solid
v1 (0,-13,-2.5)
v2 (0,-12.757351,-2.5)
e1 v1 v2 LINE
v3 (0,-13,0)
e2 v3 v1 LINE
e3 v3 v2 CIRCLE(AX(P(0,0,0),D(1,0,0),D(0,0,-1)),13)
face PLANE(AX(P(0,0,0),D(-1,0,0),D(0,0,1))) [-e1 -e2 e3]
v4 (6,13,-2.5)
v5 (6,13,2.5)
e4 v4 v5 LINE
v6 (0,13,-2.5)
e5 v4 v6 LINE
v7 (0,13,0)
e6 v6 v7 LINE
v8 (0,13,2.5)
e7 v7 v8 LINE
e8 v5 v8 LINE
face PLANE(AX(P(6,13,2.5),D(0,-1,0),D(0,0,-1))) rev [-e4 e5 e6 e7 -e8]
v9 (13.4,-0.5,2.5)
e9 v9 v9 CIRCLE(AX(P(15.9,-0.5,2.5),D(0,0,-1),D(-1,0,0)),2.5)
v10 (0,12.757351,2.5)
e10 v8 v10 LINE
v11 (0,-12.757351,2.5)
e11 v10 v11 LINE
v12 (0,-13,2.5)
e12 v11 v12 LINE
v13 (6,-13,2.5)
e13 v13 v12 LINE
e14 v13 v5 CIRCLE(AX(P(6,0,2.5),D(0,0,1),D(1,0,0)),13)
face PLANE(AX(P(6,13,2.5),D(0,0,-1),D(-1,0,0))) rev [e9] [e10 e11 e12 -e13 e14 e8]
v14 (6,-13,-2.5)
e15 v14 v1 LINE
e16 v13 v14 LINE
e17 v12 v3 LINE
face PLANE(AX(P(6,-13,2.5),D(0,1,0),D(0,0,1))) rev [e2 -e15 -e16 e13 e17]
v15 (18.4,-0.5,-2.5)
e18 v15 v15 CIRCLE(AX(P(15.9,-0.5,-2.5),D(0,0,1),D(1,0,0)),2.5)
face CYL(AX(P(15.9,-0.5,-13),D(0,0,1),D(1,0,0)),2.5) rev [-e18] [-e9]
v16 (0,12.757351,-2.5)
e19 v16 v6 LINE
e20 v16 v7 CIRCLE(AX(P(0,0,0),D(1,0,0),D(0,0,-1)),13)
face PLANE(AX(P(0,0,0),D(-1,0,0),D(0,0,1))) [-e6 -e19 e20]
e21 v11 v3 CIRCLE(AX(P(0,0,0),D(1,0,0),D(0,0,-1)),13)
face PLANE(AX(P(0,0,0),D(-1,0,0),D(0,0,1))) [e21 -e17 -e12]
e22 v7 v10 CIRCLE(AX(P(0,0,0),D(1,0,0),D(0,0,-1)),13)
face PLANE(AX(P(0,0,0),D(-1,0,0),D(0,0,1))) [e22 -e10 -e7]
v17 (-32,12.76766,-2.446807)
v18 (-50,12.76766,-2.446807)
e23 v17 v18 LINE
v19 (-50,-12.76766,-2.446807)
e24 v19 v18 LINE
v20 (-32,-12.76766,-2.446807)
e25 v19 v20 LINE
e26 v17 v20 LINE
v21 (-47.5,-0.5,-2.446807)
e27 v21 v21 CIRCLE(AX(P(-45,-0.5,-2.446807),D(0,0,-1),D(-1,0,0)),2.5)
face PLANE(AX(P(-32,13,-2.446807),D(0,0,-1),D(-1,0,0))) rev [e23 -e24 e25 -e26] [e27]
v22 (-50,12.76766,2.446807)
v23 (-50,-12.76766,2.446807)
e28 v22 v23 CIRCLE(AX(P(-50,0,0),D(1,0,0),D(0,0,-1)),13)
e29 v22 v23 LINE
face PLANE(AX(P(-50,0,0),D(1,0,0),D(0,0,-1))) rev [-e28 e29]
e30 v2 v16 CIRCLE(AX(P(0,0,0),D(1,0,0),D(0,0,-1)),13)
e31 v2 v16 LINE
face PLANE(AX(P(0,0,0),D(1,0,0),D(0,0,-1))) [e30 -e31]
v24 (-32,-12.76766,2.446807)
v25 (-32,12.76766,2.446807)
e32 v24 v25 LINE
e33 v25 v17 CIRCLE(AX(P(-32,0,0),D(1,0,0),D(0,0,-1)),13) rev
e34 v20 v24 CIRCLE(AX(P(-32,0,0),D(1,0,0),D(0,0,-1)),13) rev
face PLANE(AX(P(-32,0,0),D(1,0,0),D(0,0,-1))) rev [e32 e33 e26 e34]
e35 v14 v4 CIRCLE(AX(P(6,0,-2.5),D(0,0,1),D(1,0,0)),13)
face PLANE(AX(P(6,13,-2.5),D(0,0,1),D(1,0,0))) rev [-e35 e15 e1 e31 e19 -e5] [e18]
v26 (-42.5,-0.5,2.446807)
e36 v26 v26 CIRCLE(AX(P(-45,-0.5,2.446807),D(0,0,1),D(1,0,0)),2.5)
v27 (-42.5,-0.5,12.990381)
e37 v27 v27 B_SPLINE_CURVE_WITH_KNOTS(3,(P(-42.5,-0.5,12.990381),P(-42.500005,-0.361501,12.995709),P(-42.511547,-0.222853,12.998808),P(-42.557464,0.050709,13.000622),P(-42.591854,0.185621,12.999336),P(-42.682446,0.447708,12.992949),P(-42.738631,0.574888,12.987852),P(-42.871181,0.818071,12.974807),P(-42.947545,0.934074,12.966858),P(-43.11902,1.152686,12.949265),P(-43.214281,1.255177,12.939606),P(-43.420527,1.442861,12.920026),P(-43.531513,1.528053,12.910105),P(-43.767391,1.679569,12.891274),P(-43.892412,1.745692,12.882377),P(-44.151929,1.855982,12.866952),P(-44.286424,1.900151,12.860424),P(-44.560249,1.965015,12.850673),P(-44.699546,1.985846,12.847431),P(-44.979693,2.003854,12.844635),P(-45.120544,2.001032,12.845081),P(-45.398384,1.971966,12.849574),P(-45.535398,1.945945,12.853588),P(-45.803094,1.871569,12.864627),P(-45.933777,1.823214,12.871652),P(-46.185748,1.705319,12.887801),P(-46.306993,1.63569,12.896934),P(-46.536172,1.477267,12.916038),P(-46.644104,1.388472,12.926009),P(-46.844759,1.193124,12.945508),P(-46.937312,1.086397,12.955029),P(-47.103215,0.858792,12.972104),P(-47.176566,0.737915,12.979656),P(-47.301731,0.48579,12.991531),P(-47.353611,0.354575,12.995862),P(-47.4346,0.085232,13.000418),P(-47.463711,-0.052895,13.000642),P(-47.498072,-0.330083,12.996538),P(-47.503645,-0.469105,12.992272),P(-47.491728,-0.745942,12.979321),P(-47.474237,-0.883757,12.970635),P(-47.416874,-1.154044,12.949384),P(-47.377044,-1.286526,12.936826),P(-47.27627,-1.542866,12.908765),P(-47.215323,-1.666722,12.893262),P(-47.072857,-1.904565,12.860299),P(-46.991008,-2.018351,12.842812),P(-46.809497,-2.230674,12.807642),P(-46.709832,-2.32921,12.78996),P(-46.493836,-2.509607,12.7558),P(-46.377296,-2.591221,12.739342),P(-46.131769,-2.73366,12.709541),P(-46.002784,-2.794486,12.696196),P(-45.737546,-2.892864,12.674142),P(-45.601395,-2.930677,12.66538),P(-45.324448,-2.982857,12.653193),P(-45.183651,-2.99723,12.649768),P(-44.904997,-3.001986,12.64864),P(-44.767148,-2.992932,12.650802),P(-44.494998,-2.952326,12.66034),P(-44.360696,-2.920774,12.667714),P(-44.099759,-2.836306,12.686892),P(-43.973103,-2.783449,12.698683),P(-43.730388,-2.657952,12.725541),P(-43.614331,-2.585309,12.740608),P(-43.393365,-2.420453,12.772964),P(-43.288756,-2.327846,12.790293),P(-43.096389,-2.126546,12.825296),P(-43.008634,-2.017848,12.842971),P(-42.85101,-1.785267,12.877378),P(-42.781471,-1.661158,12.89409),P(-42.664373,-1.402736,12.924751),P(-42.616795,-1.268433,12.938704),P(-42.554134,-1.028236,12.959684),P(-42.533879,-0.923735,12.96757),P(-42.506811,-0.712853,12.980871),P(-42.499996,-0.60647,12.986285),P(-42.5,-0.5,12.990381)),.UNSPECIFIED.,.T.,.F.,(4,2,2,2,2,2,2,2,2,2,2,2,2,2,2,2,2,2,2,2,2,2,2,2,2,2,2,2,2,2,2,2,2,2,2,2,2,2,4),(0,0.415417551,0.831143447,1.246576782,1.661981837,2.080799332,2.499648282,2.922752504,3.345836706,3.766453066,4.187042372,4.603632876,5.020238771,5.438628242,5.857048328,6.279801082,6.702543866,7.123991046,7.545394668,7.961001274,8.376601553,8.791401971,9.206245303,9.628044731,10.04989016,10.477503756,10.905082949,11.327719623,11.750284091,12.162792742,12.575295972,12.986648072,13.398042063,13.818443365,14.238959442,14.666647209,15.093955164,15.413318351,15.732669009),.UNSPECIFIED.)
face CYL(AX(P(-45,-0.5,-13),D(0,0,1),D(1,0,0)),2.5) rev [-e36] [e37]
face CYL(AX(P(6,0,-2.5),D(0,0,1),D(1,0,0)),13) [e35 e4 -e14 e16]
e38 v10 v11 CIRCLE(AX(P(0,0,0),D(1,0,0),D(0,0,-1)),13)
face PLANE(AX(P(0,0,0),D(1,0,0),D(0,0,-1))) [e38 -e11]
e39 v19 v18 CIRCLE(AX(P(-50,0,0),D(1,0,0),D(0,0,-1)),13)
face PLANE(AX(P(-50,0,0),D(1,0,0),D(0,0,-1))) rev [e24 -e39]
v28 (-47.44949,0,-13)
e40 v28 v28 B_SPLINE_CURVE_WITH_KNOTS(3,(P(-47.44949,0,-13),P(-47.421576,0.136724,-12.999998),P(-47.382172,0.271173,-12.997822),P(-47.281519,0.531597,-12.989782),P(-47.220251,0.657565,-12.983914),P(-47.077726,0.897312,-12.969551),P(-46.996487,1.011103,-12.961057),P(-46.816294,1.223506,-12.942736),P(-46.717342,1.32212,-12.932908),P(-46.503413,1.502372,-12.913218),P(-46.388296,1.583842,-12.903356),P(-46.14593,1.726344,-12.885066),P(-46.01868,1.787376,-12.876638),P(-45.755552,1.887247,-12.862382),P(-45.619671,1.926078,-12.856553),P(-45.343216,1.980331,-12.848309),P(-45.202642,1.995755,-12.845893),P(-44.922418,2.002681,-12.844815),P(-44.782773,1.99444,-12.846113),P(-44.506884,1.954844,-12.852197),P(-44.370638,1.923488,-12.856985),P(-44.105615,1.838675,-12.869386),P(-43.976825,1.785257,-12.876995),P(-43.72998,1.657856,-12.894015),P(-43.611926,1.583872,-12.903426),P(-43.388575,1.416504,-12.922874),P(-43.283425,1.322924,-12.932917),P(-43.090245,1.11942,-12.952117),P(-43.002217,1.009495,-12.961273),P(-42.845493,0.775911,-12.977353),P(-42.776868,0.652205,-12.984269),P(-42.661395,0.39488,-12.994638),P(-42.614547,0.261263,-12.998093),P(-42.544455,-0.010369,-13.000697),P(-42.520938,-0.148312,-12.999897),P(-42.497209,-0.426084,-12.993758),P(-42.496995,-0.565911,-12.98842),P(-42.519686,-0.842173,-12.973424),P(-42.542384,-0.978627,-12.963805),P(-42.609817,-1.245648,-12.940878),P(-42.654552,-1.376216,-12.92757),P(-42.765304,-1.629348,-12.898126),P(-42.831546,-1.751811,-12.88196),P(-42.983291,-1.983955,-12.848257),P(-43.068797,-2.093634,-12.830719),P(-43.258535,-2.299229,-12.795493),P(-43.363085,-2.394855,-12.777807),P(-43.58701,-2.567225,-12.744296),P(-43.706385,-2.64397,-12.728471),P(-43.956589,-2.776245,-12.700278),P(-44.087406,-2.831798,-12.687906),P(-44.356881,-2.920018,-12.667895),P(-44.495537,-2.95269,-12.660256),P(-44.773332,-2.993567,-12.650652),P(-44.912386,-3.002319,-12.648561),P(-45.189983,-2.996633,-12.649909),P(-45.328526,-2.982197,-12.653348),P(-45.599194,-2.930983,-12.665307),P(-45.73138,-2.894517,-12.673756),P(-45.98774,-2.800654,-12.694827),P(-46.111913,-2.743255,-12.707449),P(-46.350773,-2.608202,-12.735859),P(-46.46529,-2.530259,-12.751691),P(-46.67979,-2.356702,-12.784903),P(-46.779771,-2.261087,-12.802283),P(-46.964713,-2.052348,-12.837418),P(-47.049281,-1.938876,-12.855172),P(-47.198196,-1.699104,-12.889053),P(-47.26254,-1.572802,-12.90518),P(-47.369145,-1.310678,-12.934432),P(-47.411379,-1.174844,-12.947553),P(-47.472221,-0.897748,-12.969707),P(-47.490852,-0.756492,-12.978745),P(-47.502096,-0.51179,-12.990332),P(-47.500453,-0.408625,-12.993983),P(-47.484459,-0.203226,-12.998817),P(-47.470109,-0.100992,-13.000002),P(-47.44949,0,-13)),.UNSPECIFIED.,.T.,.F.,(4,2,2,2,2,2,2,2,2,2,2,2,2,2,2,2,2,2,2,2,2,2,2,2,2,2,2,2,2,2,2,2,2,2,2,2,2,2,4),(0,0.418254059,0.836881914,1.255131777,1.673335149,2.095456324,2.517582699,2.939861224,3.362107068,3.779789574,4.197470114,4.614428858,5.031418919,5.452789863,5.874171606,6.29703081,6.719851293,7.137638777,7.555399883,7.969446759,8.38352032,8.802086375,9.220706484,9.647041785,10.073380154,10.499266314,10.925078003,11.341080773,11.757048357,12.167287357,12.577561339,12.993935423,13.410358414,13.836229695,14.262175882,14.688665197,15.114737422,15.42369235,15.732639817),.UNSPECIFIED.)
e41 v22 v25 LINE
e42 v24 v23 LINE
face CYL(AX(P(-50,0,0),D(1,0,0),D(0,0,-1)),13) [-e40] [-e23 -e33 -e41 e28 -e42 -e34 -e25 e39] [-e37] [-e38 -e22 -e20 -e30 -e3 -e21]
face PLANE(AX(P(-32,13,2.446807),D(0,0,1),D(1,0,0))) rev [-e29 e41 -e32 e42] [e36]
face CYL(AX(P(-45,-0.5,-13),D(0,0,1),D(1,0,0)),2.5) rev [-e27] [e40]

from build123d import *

# Parameters (mm, degrees)
SKETCH1_R               = 13
BOSS_EXTRUDE1_DEPTH     = 50
SKETCH6_W               = 5
SKETCH6_H               = 26
BOSS_EXTRUDE3_DEPTH     = 6
BOSS_EXTRUDE4_DEPTH     = 5
CUT_EXTRUDE1_DEPTH      = 54.937463789
CUT_EXTRUDE1_DEPTH_BACK = 54.937463789
SKETCH10_R              = 2.5
SKETCH12_W              = 4.8936145
SKETCH12_H              = 26
CUT_EXTRUDE2_DEPTH      = 18
CUT_EXTRUDE3_DEPTH      = 54.272882407
CUT_EXTRUDE3_DEPTH_BACK = 54.272882407
SKETCH13_R              = 2.5


with BuildPart() as part:
    # Sketch1 → Boss-Extrude1 (new body)
    with BuildSketch(Plane(origin=(0, 0, 0), x_dir=(0, 0, -1), z_dir=(1, 0, 0))):
        Circle(SKETCH1_R)
    extrude(amount=-BOSS_EXTRUDE1_DEPTH)

    # Sketch6 → Boss-Extrude3 (add)
    with BuildSketch(Plane(origin=(0, 0, 0), x_dir=(0, 0, -1), z_dir=(1, 0, 0))):
        Rectangle(SKETCH6_W, SKETCH6_H)
    extrude(amount=BOSS_EXTRUDE3_DEPTH)

    # Sketch8 → Boss-Extrude4 (add)
    with BuildSketch(Plane.XY.offset(2.5)):
        with BuildLine():
            Line((6, 13), (6, -13))
            ThreePointArc((6, -13), (19, 0), (6, 13))
        make_face()
    extrude(amount=-BOSS_EXTRUDE4_DEPTH)

    # Sketch10 → Cut-Extrude1 (cut, two sides: drawn at the far end of the back side and taken through both)
    with BuildSketch(Plane.XY.offset(2.5).offset(-CUT_EXTRUDE1_DEPTH_BACK)):
        with Locations((15.9, -0.5)):
            Circle(SKETCH10_R)
    extrude(amount=CUT_EXTRUDE1_DEPTH + CUT_EXTRUDE1_DEPTH_BACK, mode=Mode.SUBTRACT)

    # Sketch12 → Cut-Extrude2 (cut)
    with BuildSketch(Plane.ZY.offset(50)):
        Rectangle(SKETCH12_W, SKETCH12_H)
    extrude(amount=-CUT_EXTRUDE2_DEPTH, mode=Mode.SUBTRACT)

    # Sketch13 → Cut-Extrude3 (cut, two sides: drawn at the far end of the back side and taken through both)
    with BuildSketch(Plane.XY.offset(-CUT_EXTRUDE3_DEPTH_BACK)):
        with Locations(Location((-45, -0.5, 0), (0, 0, 168.463040967))):
            Circle(SKETCH13_R)
    extrude(amount=CUT_EXTRUDE3_DEPTH + CUT_EXTRUDE3_DEPTH_BACK, mode=Mode.SUBTRACT)


solid = part.part
